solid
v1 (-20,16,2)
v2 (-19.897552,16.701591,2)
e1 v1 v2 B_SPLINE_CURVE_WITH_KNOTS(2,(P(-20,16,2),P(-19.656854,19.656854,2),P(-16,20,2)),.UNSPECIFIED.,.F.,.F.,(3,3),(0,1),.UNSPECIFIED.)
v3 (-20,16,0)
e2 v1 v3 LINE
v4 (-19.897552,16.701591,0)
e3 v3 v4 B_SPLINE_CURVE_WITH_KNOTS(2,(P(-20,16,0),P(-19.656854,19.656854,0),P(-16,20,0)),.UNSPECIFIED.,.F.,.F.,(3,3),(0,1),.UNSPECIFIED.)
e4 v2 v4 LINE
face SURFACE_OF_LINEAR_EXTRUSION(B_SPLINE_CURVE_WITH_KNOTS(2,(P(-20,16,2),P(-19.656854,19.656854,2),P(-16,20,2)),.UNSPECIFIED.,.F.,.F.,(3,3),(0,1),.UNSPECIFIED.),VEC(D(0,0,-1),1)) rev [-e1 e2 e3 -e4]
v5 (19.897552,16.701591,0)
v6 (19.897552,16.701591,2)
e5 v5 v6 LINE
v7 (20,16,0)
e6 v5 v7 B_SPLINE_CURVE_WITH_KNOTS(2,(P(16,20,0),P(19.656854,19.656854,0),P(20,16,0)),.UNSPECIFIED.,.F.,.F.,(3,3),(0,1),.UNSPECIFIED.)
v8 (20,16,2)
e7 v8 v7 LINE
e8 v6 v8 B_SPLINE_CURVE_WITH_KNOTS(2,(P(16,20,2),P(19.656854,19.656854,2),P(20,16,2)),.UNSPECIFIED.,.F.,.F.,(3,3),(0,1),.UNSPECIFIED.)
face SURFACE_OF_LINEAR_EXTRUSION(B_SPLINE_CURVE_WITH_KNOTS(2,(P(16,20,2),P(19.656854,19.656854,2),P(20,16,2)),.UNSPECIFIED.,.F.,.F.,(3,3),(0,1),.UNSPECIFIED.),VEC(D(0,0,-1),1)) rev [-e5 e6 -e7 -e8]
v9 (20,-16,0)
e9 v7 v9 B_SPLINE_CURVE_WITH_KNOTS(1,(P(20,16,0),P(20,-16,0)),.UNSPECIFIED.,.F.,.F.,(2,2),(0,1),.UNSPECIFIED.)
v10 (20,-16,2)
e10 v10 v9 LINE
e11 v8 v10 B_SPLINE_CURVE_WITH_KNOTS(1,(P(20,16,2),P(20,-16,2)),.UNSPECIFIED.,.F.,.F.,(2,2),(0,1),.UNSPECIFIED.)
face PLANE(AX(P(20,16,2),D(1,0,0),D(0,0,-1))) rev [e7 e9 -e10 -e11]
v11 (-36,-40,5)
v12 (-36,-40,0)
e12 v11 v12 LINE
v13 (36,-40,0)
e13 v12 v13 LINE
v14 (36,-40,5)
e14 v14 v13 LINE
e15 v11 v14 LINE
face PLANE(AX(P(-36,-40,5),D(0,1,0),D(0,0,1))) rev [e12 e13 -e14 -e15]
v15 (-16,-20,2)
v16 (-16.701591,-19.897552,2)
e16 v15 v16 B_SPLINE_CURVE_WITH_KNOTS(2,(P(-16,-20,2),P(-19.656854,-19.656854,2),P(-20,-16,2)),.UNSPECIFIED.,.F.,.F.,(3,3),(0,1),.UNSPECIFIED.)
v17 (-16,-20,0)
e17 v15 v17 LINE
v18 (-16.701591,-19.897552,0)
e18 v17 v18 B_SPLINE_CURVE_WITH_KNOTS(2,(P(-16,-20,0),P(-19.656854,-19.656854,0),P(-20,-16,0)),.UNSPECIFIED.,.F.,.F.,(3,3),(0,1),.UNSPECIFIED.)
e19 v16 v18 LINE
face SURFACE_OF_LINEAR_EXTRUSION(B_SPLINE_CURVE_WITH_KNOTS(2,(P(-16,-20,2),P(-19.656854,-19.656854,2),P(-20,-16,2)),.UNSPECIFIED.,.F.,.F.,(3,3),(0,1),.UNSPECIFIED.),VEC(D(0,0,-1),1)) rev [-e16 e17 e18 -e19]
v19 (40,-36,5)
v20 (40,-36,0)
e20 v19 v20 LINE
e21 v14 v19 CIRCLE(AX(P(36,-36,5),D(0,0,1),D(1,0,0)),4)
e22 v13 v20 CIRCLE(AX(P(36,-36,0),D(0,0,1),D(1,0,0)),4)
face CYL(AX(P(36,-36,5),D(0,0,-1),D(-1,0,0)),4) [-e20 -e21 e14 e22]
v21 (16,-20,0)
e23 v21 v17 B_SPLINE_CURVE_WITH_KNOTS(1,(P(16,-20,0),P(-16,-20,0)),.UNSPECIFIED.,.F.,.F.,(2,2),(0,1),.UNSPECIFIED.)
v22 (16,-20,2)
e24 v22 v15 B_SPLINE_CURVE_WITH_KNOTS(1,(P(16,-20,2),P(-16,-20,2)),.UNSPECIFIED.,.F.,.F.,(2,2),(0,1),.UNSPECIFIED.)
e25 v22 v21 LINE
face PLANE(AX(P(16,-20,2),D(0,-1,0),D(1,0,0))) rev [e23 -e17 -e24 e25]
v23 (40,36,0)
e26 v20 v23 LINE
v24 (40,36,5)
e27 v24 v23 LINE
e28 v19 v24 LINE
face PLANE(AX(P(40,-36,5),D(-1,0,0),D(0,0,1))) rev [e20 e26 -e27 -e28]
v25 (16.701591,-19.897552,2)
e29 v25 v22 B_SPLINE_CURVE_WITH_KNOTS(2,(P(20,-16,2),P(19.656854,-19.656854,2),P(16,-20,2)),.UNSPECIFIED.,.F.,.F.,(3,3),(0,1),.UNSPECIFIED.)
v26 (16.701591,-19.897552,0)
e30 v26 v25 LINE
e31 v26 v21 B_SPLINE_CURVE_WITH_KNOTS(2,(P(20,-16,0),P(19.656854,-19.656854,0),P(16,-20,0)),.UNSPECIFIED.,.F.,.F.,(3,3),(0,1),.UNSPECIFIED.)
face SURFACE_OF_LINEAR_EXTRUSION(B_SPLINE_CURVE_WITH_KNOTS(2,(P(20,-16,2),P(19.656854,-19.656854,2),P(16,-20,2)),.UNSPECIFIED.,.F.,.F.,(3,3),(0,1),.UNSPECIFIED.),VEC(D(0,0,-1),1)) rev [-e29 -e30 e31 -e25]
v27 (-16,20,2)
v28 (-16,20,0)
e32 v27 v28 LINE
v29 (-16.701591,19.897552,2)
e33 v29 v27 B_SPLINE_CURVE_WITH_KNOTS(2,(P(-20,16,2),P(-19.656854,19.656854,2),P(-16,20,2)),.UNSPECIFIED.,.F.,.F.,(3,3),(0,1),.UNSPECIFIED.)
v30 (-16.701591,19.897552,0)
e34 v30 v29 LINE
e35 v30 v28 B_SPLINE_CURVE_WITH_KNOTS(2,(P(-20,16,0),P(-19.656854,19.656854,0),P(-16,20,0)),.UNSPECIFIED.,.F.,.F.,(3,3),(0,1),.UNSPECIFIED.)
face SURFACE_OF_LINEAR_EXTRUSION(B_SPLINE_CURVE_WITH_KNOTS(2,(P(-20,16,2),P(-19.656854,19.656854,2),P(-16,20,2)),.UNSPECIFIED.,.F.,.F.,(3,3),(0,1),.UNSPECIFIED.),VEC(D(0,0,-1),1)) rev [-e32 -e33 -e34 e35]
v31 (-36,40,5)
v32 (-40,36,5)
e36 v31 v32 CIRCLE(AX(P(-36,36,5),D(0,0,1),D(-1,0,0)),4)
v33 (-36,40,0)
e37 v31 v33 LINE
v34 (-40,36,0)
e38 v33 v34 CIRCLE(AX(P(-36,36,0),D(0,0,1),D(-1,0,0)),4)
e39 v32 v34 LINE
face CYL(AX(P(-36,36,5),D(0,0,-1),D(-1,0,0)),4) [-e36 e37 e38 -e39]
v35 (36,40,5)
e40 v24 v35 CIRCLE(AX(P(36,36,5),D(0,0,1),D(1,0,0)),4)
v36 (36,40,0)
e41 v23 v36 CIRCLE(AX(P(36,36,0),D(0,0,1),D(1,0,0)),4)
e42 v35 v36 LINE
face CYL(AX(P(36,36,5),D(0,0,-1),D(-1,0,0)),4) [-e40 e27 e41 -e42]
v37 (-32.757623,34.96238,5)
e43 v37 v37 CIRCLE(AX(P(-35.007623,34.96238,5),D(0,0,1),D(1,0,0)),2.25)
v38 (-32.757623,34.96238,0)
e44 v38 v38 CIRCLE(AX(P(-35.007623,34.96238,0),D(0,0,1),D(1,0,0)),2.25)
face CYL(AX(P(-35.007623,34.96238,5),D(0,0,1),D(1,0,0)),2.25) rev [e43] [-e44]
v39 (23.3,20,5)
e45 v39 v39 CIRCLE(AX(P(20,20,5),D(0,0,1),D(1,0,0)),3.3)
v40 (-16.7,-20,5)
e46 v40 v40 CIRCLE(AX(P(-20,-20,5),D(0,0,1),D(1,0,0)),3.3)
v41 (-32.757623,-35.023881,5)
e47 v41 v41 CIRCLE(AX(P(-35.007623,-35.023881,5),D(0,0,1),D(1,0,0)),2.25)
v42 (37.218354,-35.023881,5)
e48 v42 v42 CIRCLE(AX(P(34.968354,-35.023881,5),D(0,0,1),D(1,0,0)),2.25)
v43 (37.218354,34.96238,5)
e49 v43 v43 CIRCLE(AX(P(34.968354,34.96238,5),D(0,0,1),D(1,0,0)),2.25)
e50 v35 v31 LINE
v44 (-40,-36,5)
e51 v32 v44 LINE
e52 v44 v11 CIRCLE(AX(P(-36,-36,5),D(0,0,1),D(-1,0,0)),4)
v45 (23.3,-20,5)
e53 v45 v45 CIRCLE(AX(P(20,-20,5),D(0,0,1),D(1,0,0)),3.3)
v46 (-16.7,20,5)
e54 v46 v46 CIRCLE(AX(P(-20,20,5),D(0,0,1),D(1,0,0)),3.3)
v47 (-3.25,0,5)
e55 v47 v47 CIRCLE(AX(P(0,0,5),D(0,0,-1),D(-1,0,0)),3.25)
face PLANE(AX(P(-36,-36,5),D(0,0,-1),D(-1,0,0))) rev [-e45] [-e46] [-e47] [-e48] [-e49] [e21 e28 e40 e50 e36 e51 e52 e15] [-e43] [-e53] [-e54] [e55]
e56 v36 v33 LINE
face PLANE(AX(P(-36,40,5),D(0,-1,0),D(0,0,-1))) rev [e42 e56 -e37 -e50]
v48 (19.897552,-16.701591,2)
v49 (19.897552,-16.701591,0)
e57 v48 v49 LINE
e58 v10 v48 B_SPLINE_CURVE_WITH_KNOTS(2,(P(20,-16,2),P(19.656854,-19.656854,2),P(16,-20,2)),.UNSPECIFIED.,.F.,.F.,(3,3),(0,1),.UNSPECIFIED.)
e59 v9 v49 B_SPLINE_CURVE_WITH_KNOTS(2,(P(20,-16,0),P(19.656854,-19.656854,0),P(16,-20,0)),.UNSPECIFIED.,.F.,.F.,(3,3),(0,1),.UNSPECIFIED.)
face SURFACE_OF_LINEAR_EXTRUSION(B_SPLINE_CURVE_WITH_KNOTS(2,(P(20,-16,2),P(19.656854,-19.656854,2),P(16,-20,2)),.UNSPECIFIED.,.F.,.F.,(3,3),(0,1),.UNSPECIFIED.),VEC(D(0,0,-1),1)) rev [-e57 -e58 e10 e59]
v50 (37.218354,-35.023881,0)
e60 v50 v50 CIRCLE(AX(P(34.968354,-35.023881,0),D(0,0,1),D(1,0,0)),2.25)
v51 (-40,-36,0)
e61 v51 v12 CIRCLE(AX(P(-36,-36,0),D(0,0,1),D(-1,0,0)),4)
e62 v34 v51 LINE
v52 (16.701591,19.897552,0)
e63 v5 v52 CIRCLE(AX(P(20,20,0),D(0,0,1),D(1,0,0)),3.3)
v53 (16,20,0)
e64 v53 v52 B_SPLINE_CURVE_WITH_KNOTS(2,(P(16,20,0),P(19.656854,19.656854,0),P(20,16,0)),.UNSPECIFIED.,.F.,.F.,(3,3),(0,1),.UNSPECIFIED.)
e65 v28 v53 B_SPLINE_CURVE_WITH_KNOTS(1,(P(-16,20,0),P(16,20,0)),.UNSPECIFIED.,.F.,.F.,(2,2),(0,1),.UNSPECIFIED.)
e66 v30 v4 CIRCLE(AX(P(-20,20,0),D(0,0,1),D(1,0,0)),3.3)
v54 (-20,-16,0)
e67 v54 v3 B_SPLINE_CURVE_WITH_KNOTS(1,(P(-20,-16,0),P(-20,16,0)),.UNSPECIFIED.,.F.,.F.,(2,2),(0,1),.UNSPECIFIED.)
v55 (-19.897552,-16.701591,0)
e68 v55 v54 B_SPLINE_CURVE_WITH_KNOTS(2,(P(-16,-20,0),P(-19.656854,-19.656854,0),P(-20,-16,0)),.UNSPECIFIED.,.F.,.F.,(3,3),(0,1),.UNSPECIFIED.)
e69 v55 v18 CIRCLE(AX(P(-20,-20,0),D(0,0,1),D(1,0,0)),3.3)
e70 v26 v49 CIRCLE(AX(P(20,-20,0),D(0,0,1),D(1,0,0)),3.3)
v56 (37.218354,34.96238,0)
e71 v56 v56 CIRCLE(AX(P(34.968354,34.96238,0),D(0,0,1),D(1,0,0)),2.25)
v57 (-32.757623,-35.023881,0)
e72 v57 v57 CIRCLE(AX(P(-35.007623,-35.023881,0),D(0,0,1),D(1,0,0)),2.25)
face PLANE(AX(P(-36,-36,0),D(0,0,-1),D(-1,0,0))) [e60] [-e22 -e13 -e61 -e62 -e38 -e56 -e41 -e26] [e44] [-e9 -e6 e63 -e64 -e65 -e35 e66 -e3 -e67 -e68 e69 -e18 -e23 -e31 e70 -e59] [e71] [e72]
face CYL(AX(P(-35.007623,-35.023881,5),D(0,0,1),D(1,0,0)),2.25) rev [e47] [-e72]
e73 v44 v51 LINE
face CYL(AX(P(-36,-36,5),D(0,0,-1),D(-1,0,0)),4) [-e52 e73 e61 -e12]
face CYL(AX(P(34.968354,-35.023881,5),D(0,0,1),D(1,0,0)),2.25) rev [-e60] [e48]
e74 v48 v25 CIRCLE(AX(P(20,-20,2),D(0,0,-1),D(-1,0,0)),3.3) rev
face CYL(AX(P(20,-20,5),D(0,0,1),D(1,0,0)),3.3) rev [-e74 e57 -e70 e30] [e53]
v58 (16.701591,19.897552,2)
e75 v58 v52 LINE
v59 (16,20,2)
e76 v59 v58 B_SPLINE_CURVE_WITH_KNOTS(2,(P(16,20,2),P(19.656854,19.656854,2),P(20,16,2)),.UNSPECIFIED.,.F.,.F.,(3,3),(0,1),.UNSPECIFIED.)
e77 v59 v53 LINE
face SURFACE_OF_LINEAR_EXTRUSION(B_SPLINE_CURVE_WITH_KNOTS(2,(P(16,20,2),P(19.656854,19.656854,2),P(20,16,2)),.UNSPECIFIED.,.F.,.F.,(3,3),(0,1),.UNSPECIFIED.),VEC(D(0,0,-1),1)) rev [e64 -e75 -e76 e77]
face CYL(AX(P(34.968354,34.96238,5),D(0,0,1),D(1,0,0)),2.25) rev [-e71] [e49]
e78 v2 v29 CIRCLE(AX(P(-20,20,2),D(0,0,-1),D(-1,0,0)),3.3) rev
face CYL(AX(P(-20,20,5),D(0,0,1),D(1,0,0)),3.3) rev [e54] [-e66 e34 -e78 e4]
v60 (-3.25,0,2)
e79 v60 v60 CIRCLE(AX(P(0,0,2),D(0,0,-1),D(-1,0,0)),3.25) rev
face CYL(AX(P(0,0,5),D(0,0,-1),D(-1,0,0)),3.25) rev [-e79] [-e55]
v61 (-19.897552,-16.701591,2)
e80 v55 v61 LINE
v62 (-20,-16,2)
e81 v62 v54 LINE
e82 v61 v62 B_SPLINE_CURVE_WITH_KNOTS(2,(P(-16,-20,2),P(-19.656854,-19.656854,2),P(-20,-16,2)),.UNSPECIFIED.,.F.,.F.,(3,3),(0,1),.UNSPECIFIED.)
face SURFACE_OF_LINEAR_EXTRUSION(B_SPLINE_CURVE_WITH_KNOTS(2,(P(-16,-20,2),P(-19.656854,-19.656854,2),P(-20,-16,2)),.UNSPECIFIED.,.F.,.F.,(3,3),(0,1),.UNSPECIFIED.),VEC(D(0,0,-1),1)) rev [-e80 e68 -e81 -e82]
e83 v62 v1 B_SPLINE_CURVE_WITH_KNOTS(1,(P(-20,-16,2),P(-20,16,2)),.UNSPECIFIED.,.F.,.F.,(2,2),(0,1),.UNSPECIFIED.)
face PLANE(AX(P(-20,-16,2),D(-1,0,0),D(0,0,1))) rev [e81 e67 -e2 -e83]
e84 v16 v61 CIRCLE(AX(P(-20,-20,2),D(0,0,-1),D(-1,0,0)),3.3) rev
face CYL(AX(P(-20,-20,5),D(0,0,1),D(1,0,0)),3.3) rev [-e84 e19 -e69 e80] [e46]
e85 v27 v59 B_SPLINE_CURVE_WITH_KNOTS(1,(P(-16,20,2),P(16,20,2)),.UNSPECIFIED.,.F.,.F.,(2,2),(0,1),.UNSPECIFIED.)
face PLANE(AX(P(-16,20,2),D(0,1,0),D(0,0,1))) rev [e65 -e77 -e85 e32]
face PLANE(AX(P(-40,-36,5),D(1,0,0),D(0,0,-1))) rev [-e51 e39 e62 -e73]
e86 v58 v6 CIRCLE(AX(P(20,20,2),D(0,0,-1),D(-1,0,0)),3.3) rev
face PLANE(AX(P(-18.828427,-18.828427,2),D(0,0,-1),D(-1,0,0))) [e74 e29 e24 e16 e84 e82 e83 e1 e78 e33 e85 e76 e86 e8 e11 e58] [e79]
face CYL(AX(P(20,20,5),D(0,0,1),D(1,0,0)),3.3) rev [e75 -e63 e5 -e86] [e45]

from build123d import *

# Parameters (mm, degrees)
BOSS_EXTRU_1_DEPTH      = 5
D_GAGEMENT_M41_D        = 4.5
ESQUISSE4_R             = 3.25
ENL_V_MAT_EXTRU_1_DEPTH = 57.789083458
D_GAGEMENT_M61_D        = 6.6
ENL_V_MAT_EXTRU_2_DEPTH = 2


with BuildPart() as part:
    # Esquisse1 → Boss.-Extru.1 (new body)
    with BuildSketch(Plane.XY):
        with BuildLine():
            Line((-36, -40), (36, -40))
            ThreePointArc((36, -40), (38.828427125, -38.828427125), (40, -36))
            Line((40, -36), (40, 36))
            ThreePointArc((40, 36), (38.828427125, 38.828427125), (36, 40))
            Line((36, 40), (-36, 40))
            ThreePointArc((-36, 40), (-38.828427125, 38.828427125), (-40, 36))
            Line((-40, 36), (-40, -36))
            ThreePointArc((-40, -36), (-38.828427125, -38.828427125), (-36, -40))
        make_face()
    extrude(amount=BOSS_EXTRU_1_DEPTH)

    # Dégagement M41 (through all)
    with Locations(Plane.XY.offset(5)):
        with Locations((-35.007622699, 34.962380164), (34.968353645, 34.962380164), (34.968353645, -35.023881333), (-35.007622699, -35.023881333)):
            Hole(D_GAGEMENT_M41_D / 2)

    # Esquisse4 → Enlèv. mat.-Extru.1 (cut, through all)
    with BuildSketch(Plane(origin=(0, 0, 0), x_dir=(-1, 0, 0), z_dir=(0, 0, -1))):
        Circle(ESQUISSE4_R)
    extrude(amount=-ENL_V_MAT_EXTRU_1_DEPTH, mode=Mode.SUBTRACT)

    # Dégagement M61 (through all)
    with Locations(Plane.XY.offset(5)):
        with Locations((-20, 20), (20, 20), (20, -20), (-20, -20)):
            Hole(D_GAGEMENT_M61_D / 2)

    # Esquisse7 → Enlèv. mat.-Extru.2 (cut)
    with BuildSketch(Plane(origin=(0, 0, 0), x_dir=(-1, 0, 0), z_dir=(0, 0, -1))):
        with BuildLine():
            Line((-16, 20), (16, 20))
            add(Edge.make_bspline(
                [(16, 20), (19.65685425, 19.656854249), (20, 16)],
                knots=[0, 0, 0, 1, 1, 1], degree=2))
            Line((20, 16), (20, -16))
            add(Edge.make_bspline(
                [(20, -16), (19.65685425, -19.65685425), (16, -20)],
                knots=[0, 0, 0, 1, 1, 1], degree=2))
            Line((16, -20), (-16, -20))
            add(Edge.make_bspline(
                [(-16, -20), (-19.656854249, -19.65685425), (-20, -16)],
                knots=[0, 0, 0, 1, 1, 1], degree=2))
            Line((-20, -16), (-20, 16))
            add(Edge.make_bspline(
                [(-20, 16), (-19.656854249, 19.656854249), (-16, 20)],
                knots=[0, 0, 0, 1, 1, 1], degree=2))
        make_face()
    extrude(amount=-ENL_V_MAT_EXTRU_2_DEPTH, mode=Mode.SUBTRACT)


solid = part.part
